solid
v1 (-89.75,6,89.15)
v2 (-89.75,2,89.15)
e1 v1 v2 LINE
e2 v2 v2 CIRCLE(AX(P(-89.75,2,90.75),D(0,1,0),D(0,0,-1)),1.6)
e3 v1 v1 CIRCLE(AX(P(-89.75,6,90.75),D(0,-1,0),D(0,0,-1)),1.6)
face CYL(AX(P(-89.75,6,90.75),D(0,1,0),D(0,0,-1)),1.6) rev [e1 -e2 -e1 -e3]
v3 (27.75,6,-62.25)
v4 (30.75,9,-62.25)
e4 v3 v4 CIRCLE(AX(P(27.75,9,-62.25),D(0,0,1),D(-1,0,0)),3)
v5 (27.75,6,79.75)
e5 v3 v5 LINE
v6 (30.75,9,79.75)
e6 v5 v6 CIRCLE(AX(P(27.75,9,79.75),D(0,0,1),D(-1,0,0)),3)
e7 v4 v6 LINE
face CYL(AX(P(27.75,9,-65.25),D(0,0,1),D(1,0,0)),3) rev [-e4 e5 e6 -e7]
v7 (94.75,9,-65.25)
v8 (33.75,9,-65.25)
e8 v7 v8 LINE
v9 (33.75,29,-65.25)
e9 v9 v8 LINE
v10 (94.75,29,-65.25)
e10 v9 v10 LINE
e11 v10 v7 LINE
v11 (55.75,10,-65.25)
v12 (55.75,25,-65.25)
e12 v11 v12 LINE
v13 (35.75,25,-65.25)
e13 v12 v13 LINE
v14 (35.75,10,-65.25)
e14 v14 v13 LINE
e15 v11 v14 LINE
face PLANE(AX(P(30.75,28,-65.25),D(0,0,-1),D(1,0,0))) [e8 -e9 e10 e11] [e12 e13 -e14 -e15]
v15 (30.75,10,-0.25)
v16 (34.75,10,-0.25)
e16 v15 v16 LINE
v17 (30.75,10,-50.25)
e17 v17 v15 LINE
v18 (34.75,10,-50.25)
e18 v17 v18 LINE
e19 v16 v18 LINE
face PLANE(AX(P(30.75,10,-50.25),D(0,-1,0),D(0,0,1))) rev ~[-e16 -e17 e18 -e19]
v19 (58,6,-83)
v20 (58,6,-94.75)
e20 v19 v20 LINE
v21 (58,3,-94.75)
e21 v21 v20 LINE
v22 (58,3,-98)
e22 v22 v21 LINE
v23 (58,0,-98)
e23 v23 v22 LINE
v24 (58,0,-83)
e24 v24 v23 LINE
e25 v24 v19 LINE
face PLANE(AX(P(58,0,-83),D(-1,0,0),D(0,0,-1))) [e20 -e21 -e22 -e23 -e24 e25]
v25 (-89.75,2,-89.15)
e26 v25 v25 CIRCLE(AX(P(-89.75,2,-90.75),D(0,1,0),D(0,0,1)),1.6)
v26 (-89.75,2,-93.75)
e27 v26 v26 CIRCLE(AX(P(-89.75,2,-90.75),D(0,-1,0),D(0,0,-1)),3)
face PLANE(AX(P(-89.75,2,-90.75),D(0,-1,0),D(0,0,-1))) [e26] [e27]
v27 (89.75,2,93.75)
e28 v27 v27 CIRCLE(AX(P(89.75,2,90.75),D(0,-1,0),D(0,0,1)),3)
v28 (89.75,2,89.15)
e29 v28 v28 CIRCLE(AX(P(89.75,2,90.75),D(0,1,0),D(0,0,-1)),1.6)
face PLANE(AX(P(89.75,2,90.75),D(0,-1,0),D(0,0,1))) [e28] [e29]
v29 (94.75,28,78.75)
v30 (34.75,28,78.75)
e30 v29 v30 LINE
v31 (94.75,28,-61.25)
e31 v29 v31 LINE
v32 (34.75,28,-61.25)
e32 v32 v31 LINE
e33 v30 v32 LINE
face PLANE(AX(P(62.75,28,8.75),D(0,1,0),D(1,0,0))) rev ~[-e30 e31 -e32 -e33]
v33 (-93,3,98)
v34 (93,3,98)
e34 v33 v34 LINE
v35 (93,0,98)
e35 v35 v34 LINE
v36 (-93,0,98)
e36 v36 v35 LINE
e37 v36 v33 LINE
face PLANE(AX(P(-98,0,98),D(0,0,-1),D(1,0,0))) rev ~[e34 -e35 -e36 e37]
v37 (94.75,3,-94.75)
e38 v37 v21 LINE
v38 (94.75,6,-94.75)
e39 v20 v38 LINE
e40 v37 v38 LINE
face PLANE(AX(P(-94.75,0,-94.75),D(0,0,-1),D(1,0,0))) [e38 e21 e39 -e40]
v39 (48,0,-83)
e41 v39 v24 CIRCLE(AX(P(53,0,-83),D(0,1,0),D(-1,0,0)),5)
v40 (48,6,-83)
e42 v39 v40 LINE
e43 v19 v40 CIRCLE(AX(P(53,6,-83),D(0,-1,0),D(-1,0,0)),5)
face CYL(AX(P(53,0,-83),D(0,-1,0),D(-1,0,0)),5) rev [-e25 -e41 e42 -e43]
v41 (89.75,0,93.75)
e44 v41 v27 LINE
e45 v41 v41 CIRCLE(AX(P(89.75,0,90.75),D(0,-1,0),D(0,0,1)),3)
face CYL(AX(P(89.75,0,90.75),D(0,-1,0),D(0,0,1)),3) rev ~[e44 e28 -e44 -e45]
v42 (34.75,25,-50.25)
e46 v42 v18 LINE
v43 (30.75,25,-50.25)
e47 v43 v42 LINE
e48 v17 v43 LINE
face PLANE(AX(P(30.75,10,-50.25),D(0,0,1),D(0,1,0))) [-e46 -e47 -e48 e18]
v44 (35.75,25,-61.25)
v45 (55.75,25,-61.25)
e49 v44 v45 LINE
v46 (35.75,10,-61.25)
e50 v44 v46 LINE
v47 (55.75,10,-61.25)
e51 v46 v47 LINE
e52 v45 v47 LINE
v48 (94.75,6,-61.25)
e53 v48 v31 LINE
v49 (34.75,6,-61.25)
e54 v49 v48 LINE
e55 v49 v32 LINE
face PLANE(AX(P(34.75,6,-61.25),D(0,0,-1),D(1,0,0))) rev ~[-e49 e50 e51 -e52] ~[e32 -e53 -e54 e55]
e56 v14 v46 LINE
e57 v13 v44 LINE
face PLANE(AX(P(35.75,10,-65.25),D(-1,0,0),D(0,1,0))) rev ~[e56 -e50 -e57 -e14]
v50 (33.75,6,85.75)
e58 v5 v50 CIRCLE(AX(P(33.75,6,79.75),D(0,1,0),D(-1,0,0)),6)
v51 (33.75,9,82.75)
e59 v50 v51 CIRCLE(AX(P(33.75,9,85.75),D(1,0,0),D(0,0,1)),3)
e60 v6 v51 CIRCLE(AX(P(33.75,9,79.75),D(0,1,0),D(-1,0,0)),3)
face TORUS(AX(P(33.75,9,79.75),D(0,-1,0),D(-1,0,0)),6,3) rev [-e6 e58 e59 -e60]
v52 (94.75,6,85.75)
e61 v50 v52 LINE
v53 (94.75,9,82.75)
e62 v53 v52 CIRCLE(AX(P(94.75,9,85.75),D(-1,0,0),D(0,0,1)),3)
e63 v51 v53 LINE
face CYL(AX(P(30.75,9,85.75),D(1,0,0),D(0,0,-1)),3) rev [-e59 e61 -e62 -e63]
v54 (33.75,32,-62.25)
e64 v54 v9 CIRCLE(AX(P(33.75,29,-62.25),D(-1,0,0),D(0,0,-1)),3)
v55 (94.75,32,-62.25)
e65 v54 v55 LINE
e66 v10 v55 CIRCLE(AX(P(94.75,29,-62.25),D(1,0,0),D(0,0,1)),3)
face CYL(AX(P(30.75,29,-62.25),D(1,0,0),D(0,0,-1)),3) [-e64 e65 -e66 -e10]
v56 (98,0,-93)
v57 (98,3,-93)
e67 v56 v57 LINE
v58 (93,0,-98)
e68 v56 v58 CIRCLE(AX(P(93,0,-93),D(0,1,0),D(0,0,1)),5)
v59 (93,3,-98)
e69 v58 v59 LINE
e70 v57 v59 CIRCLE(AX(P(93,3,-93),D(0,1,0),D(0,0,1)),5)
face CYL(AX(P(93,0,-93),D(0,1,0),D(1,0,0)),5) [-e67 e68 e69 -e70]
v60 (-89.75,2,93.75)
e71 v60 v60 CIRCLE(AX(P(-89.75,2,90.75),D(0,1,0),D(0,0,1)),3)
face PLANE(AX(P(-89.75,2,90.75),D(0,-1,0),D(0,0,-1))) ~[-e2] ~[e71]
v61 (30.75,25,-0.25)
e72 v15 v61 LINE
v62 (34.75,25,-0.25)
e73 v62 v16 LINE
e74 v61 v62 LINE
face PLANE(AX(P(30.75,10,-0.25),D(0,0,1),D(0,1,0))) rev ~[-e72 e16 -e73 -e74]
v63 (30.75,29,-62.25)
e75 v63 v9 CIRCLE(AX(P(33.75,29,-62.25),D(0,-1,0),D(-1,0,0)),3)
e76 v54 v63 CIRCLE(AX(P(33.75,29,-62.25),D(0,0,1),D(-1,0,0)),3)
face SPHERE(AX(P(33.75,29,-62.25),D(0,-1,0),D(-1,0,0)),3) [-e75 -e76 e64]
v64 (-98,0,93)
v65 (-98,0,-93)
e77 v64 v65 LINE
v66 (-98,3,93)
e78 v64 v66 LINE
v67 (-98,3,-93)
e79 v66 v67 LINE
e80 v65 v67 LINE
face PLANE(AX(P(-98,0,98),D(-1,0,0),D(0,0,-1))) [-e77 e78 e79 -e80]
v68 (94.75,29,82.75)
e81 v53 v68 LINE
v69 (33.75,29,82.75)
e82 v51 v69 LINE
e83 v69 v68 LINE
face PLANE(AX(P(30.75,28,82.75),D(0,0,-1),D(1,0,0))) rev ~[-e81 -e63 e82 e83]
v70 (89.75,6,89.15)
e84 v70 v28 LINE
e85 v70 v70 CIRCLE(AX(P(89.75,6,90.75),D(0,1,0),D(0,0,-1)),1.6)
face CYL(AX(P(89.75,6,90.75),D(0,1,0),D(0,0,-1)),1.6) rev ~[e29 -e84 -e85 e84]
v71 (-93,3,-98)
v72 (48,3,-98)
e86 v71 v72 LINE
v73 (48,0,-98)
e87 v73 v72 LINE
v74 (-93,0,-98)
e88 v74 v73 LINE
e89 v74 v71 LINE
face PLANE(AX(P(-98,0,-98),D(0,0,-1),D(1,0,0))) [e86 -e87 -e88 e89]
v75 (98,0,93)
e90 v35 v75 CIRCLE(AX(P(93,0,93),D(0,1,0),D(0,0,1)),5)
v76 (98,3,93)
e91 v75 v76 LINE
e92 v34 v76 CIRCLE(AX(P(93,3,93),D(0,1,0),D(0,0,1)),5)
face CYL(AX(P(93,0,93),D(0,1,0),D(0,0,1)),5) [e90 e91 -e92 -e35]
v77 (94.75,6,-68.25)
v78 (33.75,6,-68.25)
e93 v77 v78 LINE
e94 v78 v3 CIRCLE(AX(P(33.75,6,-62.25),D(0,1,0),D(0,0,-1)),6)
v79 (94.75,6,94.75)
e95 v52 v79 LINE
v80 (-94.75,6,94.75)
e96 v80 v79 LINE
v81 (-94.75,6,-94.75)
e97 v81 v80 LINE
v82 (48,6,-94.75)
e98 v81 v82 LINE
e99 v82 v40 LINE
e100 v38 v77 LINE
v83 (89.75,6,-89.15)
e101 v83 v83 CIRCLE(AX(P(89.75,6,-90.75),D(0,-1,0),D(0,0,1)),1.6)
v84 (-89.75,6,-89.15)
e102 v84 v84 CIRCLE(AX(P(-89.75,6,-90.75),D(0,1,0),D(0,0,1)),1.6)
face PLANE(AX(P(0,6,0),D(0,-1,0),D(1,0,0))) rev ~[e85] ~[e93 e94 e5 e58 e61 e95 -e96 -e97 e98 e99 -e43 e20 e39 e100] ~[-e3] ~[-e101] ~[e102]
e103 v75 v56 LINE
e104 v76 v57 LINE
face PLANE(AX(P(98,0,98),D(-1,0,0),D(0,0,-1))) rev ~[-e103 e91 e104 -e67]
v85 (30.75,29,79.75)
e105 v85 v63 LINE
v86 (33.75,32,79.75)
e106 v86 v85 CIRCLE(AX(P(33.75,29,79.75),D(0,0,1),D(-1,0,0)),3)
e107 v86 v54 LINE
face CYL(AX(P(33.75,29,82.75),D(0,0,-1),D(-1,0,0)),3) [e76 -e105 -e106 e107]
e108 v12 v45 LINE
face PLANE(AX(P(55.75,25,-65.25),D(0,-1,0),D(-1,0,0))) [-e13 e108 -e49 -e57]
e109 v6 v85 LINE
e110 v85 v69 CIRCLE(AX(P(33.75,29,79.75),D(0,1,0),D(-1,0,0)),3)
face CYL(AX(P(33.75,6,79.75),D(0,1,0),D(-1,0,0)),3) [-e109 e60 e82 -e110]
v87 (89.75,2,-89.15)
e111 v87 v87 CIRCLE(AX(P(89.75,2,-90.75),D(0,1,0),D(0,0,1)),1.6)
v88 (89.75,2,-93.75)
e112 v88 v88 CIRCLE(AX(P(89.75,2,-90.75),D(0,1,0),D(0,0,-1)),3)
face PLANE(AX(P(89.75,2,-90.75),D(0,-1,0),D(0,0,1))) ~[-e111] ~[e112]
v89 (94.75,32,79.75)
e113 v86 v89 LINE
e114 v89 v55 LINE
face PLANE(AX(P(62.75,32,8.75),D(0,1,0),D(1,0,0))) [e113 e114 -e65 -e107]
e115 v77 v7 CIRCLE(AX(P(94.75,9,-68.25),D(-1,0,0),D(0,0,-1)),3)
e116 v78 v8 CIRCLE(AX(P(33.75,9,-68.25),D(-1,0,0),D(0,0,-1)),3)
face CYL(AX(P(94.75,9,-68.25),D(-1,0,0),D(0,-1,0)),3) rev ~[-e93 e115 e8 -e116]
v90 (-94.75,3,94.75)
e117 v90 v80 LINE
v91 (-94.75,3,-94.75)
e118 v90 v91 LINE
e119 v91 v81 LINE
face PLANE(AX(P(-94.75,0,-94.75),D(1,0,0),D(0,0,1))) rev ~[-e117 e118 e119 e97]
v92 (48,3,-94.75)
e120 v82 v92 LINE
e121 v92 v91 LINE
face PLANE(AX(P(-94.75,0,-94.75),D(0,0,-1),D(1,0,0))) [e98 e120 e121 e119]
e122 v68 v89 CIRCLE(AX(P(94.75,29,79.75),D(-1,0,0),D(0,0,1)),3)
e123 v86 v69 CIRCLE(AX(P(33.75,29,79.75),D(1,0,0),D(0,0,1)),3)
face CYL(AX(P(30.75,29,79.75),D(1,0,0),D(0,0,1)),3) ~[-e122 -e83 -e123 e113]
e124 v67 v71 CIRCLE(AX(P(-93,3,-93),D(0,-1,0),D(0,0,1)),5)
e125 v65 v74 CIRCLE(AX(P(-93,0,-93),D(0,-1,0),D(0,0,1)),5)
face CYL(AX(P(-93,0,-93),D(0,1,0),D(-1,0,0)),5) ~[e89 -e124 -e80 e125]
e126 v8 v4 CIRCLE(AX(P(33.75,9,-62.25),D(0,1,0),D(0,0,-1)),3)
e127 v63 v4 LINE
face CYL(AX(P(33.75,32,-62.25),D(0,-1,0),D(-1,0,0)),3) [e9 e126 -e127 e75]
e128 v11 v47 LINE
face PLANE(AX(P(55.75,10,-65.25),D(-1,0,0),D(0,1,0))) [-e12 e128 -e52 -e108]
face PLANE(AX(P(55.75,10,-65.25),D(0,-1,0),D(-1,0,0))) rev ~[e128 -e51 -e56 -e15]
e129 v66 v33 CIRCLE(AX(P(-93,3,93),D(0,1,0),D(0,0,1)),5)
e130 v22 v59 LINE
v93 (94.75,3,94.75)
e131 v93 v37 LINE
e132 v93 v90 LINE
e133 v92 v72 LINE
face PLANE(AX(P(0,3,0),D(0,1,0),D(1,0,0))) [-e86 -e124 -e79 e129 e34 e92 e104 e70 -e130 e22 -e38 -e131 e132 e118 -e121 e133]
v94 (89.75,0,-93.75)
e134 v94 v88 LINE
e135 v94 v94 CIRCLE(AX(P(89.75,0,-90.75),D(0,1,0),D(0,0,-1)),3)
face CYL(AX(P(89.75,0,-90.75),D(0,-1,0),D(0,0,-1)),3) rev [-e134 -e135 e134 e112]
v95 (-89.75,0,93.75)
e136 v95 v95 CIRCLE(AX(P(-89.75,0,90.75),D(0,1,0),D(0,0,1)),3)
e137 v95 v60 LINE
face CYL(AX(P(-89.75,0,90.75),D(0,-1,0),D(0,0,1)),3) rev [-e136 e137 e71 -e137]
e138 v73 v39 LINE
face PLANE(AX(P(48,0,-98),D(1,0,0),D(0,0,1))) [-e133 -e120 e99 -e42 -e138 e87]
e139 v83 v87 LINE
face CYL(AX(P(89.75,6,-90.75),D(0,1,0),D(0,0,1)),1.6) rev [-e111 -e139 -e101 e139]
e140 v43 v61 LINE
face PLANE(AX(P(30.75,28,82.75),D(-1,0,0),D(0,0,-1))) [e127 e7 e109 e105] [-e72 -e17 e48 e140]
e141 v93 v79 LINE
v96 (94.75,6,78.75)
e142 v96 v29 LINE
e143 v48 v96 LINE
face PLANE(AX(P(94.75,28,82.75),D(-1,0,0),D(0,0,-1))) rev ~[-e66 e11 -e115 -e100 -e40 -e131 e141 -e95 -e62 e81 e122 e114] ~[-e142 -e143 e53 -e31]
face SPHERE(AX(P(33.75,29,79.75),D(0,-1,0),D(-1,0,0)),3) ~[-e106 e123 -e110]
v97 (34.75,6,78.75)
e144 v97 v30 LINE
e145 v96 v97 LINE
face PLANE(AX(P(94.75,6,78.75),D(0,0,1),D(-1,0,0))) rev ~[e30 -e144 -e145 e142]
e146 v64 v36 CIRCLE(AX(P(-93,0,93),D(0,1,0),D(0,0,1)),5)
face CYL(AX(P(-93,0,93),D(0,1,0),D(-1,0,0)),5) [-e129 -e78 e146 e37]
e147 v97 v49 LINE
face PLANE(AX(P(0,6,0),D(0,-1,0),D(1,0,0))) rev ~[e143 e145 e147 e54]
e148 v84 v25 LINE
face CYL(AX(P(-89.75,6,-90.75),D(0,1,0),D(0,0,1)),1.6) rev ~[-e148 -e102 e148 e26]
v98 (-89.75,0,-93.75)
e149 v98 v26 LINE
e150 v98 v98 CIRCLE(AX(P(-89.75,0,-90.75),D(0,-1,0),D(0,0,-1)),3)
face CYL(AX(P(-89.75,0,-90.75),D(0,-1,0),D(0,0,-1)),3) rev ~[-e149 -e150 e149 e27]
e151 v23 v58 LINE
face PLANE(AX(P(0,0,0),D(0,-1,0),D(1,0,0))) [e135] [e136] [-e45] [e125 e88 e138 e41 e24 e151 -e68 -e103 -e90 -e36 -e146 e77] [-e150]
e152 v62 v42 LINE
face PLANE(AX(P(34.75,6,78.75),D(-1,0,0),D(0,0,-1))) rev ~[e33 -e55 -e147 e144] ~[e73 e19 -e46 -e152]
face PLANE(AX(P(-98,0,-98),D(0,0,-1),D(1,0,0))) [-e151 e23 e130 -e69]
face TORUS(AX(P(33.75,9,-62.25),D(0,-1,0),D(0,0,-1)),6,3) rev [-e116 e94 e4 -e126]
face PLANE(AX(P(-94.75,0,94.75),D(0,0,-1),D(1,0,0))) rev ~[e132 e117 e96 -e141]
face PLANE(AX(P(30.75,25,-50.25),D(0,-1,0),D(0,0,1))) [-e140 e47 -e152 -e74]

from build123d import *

# Parameters (mm, degrees)
SKETCH1_W               = 196
SKETCH1_H               = 196
BOSS_EXTRUDE1_DEPTH     = 3
FILLET1_R               = 5
SKETCH2_W               = 189.5
SKETCH2_H               = 189.5
BOSS_EXTRUDE2_DEPTH     = 6
SKETCH3_R               = 1.6
CUT_EXTRUDE1_DEPTH      = 139.722745071
SKETCH5_R               = 3
CUT_EXTRUDE5_DEPTH      = 2
MIRROR2_COPY_1_SKETCH_R = 1.6
MIRROR2_COPY_1_DEPTH    = 139.722745071
MIRROR2_COPY_2_SKETCH_R = 3
MIRROR2_COPY_2_DEPTH    = 2
BOSS_EXTRUDE3_DEPTH     = 22
SKETCH7_W               = 64
SKETCH7_H               = 148
BOSS_EXTRUDE4_DEPTH     = 4
FILLET2_R               = 3
CUT_EXTRUDE6_REACH      = 166.938
SKETCH8_W               = 50
SKETCH8_H               = 15
CUT_EXTRUDE7_REACH      = 195.077
SKETCH10_W              = 20
SKETCH10_H              = 15
CUT_EXTRUDE8_DEPTH      = 143.239235094


with BuildPart() as part:
    # Sketch1 → Boss-Extrude1 (new body)
    with BuildSketch(Plane(origin=(0, 0, 0), x_dir=(1, 0, 0), z_dir=(0, 1, 0))):
        Rectangle(SKETCH1_W, SKETCH1_H)
    extrude(amount=BOSS_EXTRUDE1_DEPTH)

    # Fillet1
    fillet1_edges = [part.edges().sort_by_distance(p)[0] for p in [
        (-98, 1.5, -98),
        (-98, 1.5, 98),
        (98, 1.5, 98),
        (98, 1.5, -98),
    ]]
    fillet(fillet1_edges, radius=FILLET1_R)

    # Sketch2 → Boss-Extrude2 (add)
    with BuildSketch(Plane.XZ):
        Rectangle(SKETCH2_W, SKETCH2_H)
    extrude(amount=-BOSS_EXTRUDE2_DEPTH)

    # Sketch3 → Cut-Extrude1 (cut, through all)
    with BuildSketch(Plane(origin=(0, 6, 0), x_dir=(1, 0, 0), z_dir=(0, 1, 0))):
        with Locations(Location((-89.75, 90.75, 0), (0, 0, 270))):
            Circle(SKETCH3_R)
    cut_extrude1 = extrude(amount=-CUT_EXTRUDE1_DEPTH, mode=Mode.SUBTRACT)

    # Sketch5 → Cut-Extrude5 (cut)
    with BuildSketch(Plane.XZ):
        with Locations(Location((-89.75, -90.75, 0), (0, 0, 270))):
            Circle(SKETCH5_R)
    cut_extrude5 = extrude(amount=-CUT_EXTRUDE5_DEPTH, mode=Mode.SUBTRACT)

    # Mirror1: Cut-Extrude1, Cut-Extrude5 across plane
    add(cut_extrude1.mirror(Plane.XY), mode=Mode.SUBTRACT)
    add(cut_extrude5.mirror(Plane.XY), mode=Mode.SUBTRACT)

    # Mirror2: Cut-Extrude1, Cut-Extrude5 across plane
    add(cut_extrude1.mirror(Plane(origin=(0, 0, 0), x_dir=(0, 0, 1), z_dir=(1, 0, 0))), mode=Mode.SUBTRACT)
    add(cut_extrude5.mirror(Plane(origin=(0, 0, 0), x_dir=(0, 0, 1), z_dir=(1, 0, 0))), mode=Mode.SUBTRACT)

    # Mirror2 copy 1 sketch → Mirror2 copy 1 (cut, through all)
    with BuildSketch(Plane(origin=(0, 6, 0), x_dir=(-1, 0, 0), z_dir=(0, 1, 0))):
        with Locations(Location((-89.75, 90.75, 0), (0, 0, 270))):
            Circle(MIRROR2_COPY_1_SKETCH_R)
    extrude(amount=-MIRROR2_COPY_1_DEPTH, mode=Mode.SUBTRACT)

    # Mirror2 copy 2 sketch → Mirror2 copy 2 (cut)
    with BuildSketch(Plane(origin=(0, 0, 0), x_dir=(-1, 0, 0), z_dir=(0, -1, 0))):
        with Locations(Location((-89.75, -90.75, 0), (0, 0, 270))):
            Circle(MIRROR2_COPY_2_SKETCH_R)
    extrude(amount=-MIRROR2_COPY_2_DEPTH, mode=Mode.SUBTRACT)

    # Sketch6 → Boss-Extrude3 (add)
    with BuildSketch(Plane(origin=(0, 6, 0), x_dir=(1, 0, 0), z_dir=(0, 1, 0))):
        Polygon((94.75, -82.75), (94.75, -78.75), (34.75, -78.75), (34.75, 61.25), (94.75, 61.25), (94.75, 65.25), (30.75, 65.25), (30.75, -82.75), align=None)
    extrude(amount=BOSS_EXTRUDE3_DEPTH)

    # Sketch7 → Boss-Extrude4 (add)
    with BuildSketch(Plane(origin=(0, 28, 0), x_dir=(1, 0, 0), z_dir=(0, 1, 0))):
        with Locations((62.75, -8.75)):
            Rectangle(SKETCH7_W, SKETCH7_H)
    extrude(amount=BOSS_EXTRUDE4_DEPTH)

    # Fillet2
    fillet2_edges = [part.edges().sort_by_distance(p)[0] for p in [
        (62.75, 6, 82.75),
        (30.75, 19, 82.75),
        (62.75, 6, -65.25),
        (30.75, 6, 8.75),
        (30.75, 19, -65.25),
        (30.75, 32, 8.75),
        (62.75, 32, 82.75),
        (62.75, 32, -65.25),
    ]]
    fillet(fillet2_edges, radius=FILLET2_R)

    # Sketch8 → Cut-Extrude6 (cut, up to next)
    with BuildSketch(Plane.ZY.offset(-30.75), mode=Mode.PRIVATE) as cut_extrude6_sk1:
        with Locations((-25.25, 17.5)):
            Rectangle(SKETCH8_W, SKETCH8_H)
    cut_extrude6_tool1 = extrude(cut_extrude6_sk1.sketch, amount=-CUT_EXTRUDE6_REACH, mode=Mode.PRIVATE) & part.part
    add(cut_extrude6_tool1.solids().sort_by_distance((30.75, 17.5, -25.25))[0], mode=Mode.SUBTRACT)

    # Sketch10 → Cut-Extrude7 (cut, up to next)
    with BuildSketch(Plane(origin=(0, 0, -65.25), x_dir=(-1, 0, 0), z_dir=(0, 0, -1)), mode=Mode.PRIVATE) as cut_extrude7_sk1:
        with Locations((-45.75, 17.5)):
            Rectangle(SKETCH10_W, SKETCH10_H)
    cut_extrude7_tool1 = extrude(cut_extrude7_sk1.sketch, amount=-CUT_EXTRUDE7_REACH, mode=Mode.PRIVATE) & part.part
    add(cut_extrude7_tool1.solids().sort_by_distance((45.75, 17.5, -65.25))[0], mode=Mode.SUBTRACT)

    # Sketch11 → Cut-Extrude8 (cut, through all)
    with BuildSketch(Plane.XZ):
        with BuildLine():
            Line((58, -98), (48, -98))
            Line((48, -98), (48, -83))
            ThreePointArc((48, -83), (53, -78), (58, -83))
            Line((58, -83), (58, -98))
        make_face()
    extrude(amount=-CUT_EXTRUDE8_DEPTH, mode=Mode.SUBTRACT)


solid = part.part
